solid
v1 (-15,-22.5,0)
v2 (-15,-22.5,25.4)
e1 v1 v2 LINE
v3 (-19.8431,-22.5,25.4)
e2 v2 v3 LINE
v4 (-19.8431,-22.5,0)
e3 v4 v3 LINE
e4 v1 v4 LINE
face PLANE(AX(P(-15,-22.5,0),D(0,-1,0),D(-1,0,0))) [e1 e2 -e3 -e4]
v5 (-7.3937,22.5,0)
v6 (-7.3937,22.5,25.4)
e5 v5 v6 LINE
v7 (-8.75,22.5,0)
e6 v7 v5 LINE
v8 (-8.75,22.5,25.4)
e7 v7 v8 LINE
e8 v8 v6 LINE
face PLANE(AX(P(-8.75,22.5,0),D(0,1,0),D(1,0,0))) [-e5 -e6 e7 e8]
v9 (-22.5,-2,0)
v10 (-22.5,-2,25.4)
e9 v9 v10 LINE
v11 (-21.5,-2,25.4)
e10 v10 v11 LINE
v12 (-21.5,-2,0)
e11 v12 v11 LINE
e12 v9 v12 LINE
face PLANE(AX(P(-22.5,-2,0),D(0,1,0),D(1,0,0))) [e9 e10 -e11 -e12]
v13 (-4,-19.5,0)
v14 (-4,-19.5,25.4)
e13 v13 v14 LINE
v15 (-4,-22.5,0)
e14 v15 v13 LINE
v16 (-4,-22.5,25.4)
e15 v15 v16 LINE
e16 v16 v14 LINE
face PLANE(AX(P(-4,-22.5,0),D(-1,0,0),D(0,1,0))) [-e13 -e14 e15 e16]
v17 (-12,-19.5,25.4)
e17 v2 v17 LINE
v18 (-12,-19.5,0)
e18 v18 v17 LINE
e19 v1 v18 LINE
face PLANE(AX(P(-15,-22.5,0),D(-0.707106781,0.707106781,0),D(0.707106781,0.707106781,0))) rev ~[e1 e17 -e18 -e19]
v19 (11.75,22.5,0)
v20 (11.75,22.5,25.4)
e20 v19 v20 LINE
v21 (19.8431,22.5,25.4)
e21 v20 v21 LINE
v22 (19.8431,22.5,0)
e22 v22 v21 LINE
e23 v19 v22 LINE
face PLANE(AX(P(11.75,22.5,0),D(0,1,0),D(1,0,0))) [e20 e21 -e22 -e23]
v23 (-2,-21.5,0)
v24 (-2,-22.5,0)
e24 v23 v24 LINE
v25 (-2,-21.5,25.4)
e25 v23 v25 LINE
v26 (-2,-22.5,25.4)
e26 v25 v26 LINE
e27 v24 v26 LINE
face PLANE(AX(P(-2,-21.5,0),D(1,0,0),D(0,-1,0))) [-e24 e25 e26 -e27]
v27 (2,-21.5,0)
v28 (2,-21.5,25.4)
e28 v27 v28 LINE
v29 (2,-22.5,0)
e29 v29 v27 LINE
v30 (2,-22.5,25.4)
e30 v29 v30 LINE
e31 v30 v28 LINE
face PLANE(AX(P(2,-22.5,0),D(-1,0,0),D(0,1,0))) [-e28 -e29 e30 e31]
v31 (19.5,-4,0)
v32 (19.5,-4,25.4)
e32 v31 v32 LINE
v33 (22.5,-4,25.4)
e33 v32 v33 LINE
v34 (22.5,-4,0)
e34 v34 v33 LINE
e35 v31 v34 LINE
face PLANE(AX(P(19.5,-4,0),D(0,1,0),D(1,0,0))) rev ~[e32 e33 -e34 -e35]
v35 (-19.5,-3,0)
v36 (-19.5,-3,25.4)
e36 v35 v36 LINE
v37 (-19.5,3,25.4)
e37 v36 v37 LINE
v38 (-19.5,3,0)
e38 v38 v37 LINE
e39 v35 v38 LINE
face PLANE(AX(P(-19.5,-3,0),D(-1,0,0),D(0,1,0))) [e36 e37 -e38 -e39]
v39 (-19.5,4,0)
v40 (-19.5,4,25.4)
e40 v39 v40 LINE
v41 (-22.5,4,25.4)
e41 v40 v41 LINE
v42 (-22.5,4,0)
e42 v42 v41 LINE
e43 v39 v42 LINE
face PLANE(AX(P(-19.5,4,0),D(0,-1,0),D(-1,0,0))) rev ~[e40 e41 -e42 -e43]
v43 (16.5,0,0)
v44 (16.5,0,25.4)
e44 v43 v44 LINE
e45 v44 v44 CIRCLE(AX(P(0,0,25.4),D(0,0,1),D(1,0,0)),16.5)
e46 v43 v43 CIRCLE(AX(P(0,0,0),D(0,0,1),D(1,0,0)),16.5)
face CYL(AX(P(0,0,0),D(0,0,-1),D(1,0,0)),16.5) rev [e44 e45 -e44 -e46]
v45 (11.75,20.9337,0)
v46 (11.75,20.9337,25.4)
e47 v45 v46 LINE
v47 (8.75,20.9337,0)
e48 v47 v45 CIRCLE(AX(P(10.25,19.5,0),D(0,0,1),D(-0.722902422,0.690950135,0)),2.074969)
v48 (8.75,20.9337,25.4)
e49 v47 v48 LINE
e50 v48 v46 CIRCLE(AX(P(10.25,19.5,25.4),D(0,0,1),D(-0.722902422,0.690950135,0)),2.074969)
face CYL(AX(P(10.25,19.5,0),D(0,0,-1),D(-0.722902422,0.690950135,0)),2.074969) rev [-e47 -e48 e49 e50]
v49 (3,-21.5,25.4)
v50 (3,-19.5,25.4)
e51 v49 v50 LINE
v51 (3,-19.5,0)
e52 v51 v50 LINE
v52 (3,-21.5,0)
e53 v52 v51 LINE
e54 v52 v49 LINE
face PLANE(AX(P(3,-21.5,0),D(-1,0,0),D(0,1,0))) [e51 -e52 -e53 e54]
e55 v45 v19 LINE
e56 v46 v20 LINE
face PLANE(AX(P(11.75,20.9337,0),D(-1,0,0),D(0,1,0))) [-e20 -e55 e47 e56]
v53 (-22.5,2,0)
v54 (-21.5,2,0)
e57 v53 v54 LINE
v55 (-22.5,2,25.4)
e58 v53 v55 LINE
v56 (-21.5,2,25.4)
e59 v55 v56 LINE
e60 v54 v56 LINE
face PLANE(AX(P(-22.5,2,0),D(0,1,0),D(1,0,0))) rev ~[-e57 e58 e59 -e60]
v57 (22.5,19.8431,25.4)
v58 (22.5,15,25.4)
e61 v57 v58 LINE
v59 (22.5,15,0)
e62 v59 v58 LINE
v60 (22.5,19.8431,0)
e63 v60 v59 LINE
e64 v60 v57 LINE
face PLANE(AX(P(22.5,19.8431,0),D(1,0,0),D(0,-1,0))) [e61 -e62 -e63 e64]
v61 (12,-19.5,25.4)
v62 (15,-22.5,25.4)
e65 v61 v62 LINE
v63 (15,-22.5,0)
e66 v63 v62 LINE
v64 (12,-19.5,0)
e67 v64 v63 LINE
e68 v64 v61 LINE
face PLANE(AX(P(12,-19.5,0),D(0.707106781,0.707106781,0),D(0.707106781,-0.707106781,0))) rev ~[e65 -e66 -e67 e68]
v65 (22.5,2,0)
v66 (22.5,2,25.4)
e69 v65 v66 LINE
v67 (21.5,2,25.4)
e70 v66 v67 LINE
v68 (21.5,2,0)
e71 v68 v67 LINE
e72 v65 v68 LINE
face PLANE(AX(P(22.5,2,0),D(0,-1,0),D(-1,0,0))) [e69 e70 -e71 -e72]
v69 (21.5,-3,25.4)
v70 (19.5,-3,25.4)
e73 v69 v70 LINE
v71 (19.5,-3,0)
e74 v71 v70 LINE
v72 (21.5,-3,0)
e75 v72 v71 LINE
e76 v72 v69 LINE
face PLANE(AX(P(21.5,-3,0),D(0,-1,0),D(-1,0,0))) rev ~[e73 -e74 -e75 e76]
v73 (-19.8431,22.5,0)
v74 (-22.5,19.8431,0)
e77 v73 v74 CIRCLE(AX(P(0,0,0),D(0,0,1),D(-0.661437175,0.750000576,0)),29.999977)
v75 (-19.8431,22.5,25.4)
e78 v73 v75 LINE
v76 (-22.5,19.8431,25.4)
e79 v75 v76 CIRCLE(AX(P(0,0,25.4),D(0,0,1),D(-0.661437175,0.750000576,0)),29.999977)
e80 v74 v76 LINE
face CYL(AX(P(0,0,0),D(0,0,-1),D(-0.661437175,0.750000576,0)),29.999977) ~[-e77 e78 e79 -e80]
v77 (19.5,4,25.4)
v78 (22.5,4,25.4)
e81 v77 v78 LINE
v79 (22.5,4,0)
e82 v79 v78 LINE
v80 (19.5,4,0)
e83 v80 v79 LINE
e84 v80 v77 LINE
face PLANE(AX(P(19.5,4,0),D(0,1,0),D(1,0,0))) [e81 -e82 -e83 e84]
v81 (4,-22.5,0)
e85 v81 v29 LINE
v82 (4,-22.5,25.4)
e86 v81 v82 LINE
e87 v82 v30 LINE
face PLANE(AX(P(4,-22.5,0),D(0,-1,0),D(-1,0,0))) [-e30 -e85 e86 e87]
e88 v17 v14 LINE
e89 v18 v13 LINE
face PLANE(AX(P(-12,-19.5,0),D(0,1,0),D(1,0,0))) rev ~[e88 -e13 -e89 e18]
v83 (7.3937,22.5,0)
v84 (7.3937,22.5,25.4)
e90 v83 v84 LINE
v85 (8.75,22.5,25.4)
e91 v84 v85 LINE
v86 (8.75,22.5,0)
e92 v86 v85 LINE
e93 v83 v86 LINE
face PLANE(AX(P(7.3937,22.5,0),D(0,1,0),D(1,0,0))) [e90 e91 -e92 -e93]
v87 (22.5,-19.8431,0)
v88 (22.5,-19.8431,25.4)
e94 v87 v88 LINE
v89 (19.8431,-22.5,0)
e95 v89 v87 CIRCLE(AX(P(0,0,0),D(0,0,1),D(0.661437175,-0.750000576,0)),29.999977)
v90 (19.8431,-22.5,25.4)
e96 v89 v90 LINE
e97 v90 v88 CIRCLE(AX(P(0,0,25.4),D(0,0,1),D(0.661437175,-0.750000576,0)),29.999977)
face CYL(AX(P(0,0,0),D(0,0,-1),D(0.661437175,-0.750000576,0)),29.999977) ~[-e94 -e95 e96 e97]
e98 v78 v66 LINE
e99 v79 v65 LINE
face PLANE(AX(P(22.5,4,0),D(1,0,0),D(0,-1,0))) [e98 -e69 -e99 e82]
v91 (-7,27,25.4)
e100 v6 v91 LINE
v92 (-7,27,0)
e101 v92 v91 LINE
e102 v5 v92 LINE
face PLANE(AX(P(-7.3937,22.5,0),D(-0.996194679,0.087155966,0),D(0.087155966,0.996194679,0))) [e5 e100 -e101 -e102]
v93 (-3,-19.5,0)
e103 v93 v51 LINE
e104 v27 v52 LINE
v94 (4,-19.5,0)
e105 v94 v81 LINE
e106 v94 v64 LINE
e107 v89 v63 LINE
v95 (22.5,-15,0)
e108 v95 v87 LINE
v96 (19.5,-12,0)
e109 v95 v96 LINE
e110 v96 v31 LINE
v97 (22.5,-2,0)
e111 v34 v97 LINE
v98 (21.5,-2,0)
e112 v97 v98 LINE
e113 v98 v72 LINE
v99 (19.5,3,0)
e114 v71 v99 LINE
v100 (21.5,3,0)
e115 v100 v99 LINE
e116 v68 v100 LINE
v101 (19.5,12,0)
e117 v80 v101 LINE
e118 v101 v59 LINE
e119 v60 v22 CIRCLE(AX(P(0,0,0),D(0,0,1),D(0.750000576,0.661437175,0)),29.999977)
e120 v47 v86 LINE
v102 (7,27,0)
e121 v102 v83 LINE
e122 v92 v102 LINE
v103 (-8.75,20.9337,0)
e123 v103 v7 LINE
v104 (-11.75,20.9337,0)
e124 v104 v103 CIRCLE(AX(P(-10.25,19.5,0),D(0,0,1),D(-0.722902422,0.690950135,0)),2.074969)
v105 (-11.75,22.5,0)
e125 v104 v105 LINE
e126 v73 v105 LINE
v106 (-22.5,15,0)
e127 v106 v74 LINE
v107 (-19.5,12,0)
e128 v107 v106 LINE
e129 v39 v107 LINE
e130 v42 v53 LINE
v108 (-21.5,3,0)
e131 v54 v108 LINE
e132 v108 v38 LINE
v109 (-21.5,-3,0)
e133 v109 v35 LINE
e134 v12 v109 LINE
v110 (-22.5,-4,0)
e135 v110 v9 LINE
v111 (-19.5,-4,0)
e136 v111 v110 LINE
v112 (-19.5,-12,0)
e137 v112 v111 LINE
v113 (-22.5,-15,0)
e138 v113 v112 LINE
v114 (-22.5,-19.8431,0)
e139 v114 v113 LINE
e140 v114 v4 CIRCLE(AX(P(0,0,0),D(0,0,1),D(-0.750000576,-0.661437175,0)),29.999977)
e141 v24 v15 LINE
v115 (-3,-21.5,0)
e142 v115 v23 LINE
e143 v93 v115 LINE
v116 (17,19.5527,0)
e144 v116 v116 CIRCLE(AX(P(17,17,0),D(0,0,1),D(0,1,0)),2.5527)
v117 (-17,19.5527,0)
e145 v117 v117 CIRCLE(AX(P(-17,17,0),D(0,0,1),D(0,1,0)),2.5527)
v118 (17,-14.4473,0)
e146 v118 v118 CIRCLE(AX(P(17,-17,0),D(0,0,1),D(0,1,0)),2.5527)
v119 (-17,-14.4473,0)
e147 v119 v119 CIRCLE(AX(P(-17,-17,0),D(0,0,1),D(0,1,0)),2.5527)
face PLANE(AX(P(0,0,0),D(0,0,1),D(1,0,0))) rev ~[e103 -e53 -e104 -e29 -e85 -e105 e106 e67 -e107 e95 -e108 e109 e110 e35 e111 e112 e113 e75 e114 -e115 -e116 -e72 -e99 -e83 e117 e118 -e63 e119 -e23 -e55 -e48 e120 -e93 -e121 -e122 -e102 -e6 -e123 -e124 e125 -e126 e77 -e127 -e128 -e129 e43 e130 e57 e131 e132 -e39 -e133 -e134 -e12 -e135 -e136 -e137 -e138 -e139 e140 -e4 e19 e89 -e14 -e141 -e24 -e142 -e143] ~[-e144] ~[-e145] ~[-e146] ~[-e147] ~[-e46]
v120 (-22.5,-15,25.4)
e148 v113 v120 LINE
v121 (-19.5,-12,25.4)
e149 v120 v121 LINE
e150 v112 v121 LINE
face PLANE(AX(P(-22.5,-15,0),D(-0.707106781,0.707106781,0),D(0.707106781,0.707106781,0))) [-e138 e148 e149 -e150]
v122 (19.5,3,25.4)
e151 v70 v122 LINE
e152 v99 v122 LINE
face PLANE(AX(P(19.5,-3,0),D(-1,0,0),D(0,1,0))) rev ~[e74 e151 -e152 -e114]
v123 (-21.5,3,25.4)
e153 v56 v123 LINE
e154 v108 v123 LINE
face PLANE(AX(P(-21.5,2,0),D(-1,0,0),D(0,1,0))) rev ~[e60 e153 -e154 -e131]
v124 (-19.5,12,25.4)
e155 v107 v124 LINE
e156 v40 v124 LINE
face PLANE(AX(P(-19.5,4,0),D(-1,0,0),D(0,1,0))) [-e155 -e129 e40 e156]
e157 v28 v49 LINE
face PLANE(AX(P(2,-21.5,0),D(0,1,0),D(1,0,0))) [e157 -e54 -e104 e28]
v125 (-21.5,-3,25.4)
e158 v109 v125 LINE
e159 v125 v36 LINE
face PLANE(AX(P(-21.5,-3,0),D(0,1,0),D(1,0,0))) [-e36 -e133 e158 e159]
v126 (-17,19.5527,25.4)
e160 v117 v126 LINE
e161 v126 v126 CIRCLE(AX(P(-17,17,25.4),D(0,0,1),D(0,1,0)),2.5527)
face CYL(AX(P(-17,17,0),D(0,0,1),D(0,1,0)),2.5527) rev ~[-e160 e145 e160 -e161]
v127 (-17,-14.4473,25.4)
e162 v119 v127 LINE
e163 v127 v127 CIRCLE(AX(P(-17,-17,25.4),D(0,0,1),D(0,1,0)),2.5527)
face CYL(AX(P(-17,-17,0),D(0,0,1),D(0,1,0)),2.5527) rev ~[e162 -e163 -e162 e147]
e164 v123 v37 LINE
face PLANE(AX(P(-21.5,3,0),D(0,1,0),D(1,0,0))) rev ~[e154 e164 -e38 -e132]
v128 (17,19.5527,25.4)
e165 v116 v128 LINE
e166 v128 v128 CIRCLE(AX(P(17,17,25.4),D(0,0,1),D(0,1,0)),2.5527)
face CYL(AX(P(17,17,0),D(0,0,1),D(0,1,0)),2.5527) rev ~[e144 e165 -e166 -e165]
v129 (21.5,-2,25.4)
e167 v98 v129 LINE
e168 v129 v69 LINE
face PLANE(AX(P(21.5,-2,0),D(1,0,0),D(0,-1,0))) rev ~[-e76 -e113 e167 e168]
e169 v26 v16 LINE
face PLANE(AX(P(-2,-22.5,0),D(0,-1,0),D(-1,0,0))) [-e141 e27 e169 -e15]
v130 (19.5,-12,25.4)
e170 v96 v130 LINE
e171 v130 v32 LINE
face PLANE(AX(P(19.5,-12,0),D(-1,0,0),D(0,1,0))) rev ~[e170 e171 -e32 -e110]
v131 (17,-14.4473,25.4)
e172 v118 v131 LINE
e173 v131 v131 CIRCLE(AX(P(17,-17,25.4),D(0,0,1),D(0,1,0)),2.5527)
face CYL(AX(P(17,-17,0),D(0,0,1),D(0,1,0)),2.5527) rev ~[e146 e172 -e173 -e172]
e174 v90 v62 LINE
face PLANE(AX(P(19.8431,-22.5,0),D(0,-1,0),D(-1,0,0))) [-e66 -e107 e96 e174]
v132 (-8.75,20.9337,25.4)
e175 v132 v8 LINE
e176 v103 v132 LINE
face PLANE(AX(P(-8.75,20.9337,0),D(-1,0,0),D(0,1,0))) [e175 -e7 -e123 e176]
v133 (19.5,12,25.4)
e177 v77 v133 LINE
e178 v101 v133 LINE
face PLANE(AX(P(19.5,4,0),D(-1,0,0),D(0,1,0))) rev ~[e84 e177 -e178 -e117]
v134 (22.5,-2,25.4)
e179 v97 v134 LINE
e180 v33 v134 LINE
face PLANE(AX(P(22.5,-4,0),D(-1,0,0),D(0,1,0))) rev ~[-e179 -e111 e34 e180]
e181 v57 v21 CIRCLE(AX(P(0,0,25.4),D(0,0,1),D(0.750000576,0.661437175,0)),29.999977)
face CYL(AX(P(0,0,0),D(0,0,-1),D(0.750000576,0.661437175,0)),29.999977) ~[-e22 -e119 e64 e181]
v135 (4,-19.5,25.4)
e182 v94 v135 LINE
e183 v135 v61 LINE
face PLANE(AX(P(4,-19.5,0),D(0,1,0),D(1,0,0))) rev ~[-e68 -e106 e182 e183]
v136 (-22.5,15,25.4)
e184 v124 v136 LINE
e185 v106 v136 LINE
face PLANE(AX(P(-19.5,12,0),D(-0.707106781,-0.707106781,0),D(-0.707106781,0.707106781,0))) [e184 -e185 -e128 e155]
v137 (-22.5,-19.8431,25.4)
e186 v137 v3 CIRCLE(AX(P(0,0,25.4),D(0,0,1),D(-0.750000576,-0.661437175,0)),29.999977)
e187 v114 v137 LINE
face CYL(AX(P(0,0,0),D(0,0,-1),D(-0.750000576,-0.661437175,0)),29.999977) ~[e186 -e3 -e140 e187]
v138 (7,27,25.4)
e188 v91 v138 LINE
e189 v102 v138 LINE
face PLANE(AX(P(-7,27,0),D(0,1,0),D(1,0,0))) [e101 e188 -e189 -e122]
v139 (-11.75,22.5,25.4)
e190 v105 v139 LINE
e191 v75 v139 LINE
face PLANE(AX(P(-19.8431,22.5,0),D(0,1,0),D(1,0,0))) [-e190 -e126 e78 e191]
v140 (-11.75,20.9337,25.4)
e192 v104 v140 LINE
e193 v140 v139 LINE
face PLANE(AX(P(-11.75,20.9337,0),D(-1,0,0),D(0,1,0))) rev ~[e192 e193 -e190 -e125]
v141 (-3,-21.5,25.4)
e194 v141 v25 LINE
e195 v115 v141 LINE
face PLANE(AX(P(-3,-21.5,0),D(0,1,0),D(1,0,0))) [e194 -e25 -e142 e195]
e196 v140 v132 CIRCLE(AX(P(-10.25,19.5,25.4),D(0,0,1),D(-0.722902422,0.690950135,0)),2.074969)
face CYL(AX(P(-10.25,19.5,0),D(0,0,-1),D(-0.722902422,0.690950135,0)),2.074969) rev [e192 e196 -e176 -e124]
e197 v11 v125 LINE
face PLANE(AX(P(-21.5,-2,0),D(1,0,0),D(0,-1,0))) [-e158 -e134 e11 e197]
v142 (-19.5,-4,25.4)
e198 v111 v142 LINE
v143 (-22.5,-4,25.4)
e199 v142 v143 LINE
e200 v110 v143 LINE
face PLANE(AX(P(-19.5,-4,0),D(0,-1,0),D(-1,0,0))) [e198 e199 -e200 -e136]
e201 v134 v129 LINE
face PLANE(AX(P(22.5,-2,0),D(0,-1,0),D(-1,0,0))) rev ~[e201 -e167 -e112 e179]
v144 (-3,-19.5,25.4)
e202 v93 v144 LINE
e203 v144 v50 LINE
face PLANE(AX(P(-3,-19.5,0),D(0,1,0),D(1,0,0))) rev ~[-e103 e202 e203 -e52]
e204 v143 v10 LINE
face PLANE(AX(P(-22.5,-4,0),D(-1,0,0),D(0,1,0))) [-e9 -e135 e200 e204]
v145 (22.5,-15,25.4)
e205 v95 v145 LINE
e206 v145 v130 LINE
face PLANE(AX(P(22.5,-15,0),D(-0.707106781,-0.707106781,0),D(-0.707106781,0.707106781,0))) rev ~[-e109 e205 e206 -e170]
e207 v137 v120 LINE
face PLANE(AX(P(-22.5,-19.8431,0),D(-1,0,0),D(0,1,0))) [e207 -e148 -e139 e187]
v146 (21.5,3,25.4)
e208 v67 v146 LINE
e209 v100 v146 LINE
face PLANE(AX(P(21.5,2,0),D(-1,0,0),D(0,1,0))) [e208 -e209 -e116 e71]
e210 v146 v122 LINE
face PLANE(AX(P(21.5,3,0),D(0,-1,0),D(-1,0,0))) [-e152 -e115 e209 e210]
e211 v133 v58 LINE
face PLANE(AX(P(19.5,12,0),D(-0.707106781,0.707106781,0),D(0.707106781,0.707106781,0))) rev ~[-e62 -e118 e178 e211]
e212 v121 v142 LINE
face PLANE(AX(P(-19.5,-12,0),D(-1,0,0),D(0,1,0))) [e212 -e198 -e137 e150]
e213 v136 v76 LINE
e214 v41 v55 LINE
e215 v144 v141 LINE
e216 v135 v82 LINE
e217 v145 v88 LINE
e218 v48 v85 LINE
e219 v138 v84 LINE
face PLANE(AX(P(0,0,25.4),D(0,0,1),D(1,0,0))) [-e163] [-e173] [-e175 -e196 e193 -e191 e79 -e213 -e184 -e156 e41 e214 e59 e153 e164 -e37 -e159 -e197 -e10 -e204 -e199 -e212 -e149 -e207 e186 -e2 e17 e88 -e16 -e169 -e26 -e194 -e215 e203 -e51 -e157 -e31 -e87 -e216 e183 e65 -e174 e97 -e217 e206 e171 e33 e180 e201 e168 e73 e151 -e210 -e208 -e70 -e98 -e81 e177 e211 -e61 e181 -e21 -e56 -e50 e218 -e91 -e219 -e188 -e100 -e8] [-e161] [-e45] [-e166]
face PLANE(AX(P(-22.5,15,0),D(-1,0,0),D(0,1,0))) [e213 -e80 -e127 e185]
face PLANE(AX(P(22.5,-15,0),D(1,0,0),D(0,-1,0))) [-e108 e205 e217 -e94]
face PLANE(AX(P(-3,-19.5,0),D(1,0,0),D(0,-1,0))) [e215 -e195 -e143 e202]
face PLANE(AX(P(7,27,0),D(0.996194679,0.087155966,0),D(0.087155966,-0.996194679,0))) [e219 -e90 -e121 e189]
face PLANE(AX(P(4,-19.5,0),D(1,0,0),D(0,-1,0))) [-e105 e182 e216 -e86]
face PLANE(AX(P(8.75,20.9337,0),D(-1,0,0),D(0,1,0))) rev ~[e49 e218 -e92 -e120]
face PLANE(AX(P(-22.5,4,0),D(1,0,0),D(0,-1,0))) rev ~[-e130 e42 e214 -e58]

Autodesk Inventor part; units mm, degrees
ref_plane "YZ Plane" through (0, 0, 0) normal (1, 0, 0) x (0, 1, 0)
ref_plane "XZ Plane" through (0, 0, 0) normal (0, 1, 0) x (-1, 0, 0)
ref_plane "XY Plane" through (0, 0, 0) normal (0, 0, 1) x (1, 0, 0)
sketch "Sketch1" plane through (0, 0, 0) normal (0, 0, 1) x (1, 0, 0)
  circle A0 centre (0, 0) radius 16.5
  arc A1 (-19.8431, 22.5) -> (-22.5, 19.8431) centre (0, 0) ccw
  arc A2 (22.5, 19.8431) -> (19.8431, 22.5) centre (0, 0) ccw
  arc A3 (-22.5, -19.8431) -> (-19.8431, -22.5) centre (0, 0) ccw
  arc A4 (19.8431, -22.5) -> (22.5, -19.8431) centre (0, 0) ccw
  line L0 (-22.5, -15) -> (-19.5, -12)
  line L1 (-19.5, 12) -> (-22.5, 15)
  line L2 (-15, -22.5) -> (-12, -19.5)
  line L3 (12, -19.5) -> (15, -22.5)
  line L4 (22.5, -15) -> (19.5, -12)
  line L5 (19.5, 12) -> (22.5, 15)
  line L6 (-22.5, -19.8431) -> (-22.5, -15)
  line L7 (-22.5, 15) -> (-22.5, 19.8431)
  line L8 (19.8431, -22.5) -> (15, -22.5)
  line L9 (-15, -22.5) -> (-19.8431, -22.5)
  line L10 (22.5, 19.8431) -> (22.5, 15)
  line L11 (22.5, -15) -> (22.5, -19.8431)
  line L12 (19.5, 4) -> (22.5, 4)
  line L13 (22.5, 4) -> (22.5, 2)
  line L14 (22.5, 2) -> (21.5, 2)
  line L15 (21.5, 2) -> (21.5, 3)
  line L16 (21.5, 3) -> (19.5, 3)
  line L17 (19.5, -4) -> (22.5, -4)
  line L18 (22.5, -4) -> (22.5, -2)
  line L19 (22.5, -2) -> (21.5, -2)
  line L20 (21.5, -2) -> (21.5, -3)
  line L21 (21.5, -3) -> (19.5, -3)
  line L22 (4, -19.5) -> (4, -22.5)
  line L23 (4, -22.5) -> (2, -22.5)
  line L24 (2, -22.5) -> (2, -21.5)
  line L25 (2, -21.5) -> (3, -21.5)
  line L26 (3, -21.5) -> (3, -19.5)
  line L27 (-3, -19.5) -> (-3, -21.5)
  line L28 (-3, -21.5) -> (-2, -21.5)
  line L29 (-2, -21.5) -> (-2, -22.5)
  line L30 (-2, -22.5) -> (-4, -22.5)
  line L31 (-4, -22.5) -> (-4, -19.5)
  line L32 (-19.5, -4) -> (-22.5, -4)
  line L33 (-22.5, -4) -> (-22.5, -2)
  line L34 (-22.5, -2) -> (-21.5, -2)
  line L35 (-21.5, -2) -> (-21.5, -3)
  line L36 (-21.5, -3) -> (-19.5, -3)
  line L37 (-19.5, 4) -> (-22.5, 4)
  line L38 (-22.5, 4) -> (-22.5, 2)
  line L39 (-22.5, 2) -> (-21.5, 2)
  line L40 (-21.5, 2) -> (-21.5, 3)
  line L41 (-21.5, 3) -> (-19.5, 3)
  line L42 (-12, -19.5) -> (-4, -19.5)
  line L43 (-3, -19.5) -> (3, -19.5)
  line L44 (4, -19.5) -> (12, -19.5)
  line L45 (-19.5, -12) -> (-19.5, -4)
  line L46 (-19.5, -3) -> (-19.5, 3)
  line L47 (-19.5, 4) -> (-19.5, 12)
  line L48 (19.5, -12) -> (19.5, -4)
  line L49 (19.5, -3) -> (19.5, 3)
  line L50 (19.5, 4) -> (19.5, 12)
  line L51 (-7.3937, 22.5) -> (-7, 27)
  line L52 (-7, 27) -> (7, 27)
  line L53 (7, 27) -> (7.3937, 22.5)
  arc A5 (-11.75, 20.9337) -> (-8.75, 20.9337) centre (-10.25, 19.5) ccw
  arc A6 (8.75, 20.9337) -> (11.75, 20.9337) centre (10.25, 19.5) ccw
  line L54 (-8.75, 20.9337) -> (-8.75, 22.5)
  line L55 (-11.75, 20.9337) -> (-11.75, 22.5)
  line L56 (8.75, 20.9337) -> (8.75, 22.5)
  line L57 (-19.8431, 22.5) -> (-11.75, 22.5)
  line L58 (-8.75, 22.5) -> (-7.3937, 22.5)
  line L59 (11.75, 20.9337) -> (11.75, 22.5)
  line L60 (7.3937, 22.5) -> (8.75, 22.5)
  line L61 (11.75, 22.5) -> (19.8431, 22.5)
  point P0 (-17, 17)
  point P1 (17, 17)
  point P2 (17, -17)
  point P3 (-17, -17)
  dimension "d0" = 33
  dimension "d7" = 30
  dimension "d8" = 30
  dimension "d9" = 30
  dimension "d10" = 30
  dimension "d14" = 30
  dimension "d15" = 15
  dimension "d16" = 15
  dimension "d19" = 22.5
  dimension "d22" = 8
  dimension "d23" = 4
  dimension "d24" = 2
  dimension "d25" = 1
  dimension "d27" = 1
  dimension "d28" = 3
  dimension "d29" = 4
  dimension "d30" = 8
  dimension "d31" = 19.5
  dimension "d32" = 19.5
  dimension "d33" = 19.5
  dimension "d34" = 17
  dimension "d35" = 17
  dimension "d36" = 17
  dimension "d37" = 17
  dimension "d38" = 14
  dimension "d39" = 7
  dimension "d40" = 14.7874
  dimension "d42" = 7.3937
  dimension "d47" = 4.15
  dimension "d48" = 20.5
  dimension "d49" = 10.25
  dimension "d51" = 1.5
  dimension "d56" = 1.5
  dimension "d57" = 3
  dimension "d58" = 22.5
  dimension "d59" = 4.5
extrude "SMC, 32MM" add sketch "Sketch1" along normal blind 25.4
hole "Hole1" at (-17, 17, 0) at (17, 17, 0) at (17, -17, 0) at (-17, -17, 0) direction (0, 0, 1) diameter 5.1054 end through all
equation "\"d16\" = d15"
equation "\"d23\" = 0.5 * d22"
equation "\"d27\" = d25"
equation "\"d29\" = 0.5 * d22"
equation "\"d30\" = d22"
equation "\"d32\" = d31"
equation "\"d35\" = d34"
equation "\"d36\" = d34"
equation "\"d37\" = d35"
equation "\"d39\" = 0.5 * d38"
equation "\"d11\" = d5"
equation "\"d12\" = d6"
equation "\"d5\" = 22.5"
equation "\"d6\" = 22.5"
properties part number "EXTRUSION, CYLINDER, ALUMINIUM, SMC, 32MM" material "Extrusion, Aluminum, SMC, 32 MM"
